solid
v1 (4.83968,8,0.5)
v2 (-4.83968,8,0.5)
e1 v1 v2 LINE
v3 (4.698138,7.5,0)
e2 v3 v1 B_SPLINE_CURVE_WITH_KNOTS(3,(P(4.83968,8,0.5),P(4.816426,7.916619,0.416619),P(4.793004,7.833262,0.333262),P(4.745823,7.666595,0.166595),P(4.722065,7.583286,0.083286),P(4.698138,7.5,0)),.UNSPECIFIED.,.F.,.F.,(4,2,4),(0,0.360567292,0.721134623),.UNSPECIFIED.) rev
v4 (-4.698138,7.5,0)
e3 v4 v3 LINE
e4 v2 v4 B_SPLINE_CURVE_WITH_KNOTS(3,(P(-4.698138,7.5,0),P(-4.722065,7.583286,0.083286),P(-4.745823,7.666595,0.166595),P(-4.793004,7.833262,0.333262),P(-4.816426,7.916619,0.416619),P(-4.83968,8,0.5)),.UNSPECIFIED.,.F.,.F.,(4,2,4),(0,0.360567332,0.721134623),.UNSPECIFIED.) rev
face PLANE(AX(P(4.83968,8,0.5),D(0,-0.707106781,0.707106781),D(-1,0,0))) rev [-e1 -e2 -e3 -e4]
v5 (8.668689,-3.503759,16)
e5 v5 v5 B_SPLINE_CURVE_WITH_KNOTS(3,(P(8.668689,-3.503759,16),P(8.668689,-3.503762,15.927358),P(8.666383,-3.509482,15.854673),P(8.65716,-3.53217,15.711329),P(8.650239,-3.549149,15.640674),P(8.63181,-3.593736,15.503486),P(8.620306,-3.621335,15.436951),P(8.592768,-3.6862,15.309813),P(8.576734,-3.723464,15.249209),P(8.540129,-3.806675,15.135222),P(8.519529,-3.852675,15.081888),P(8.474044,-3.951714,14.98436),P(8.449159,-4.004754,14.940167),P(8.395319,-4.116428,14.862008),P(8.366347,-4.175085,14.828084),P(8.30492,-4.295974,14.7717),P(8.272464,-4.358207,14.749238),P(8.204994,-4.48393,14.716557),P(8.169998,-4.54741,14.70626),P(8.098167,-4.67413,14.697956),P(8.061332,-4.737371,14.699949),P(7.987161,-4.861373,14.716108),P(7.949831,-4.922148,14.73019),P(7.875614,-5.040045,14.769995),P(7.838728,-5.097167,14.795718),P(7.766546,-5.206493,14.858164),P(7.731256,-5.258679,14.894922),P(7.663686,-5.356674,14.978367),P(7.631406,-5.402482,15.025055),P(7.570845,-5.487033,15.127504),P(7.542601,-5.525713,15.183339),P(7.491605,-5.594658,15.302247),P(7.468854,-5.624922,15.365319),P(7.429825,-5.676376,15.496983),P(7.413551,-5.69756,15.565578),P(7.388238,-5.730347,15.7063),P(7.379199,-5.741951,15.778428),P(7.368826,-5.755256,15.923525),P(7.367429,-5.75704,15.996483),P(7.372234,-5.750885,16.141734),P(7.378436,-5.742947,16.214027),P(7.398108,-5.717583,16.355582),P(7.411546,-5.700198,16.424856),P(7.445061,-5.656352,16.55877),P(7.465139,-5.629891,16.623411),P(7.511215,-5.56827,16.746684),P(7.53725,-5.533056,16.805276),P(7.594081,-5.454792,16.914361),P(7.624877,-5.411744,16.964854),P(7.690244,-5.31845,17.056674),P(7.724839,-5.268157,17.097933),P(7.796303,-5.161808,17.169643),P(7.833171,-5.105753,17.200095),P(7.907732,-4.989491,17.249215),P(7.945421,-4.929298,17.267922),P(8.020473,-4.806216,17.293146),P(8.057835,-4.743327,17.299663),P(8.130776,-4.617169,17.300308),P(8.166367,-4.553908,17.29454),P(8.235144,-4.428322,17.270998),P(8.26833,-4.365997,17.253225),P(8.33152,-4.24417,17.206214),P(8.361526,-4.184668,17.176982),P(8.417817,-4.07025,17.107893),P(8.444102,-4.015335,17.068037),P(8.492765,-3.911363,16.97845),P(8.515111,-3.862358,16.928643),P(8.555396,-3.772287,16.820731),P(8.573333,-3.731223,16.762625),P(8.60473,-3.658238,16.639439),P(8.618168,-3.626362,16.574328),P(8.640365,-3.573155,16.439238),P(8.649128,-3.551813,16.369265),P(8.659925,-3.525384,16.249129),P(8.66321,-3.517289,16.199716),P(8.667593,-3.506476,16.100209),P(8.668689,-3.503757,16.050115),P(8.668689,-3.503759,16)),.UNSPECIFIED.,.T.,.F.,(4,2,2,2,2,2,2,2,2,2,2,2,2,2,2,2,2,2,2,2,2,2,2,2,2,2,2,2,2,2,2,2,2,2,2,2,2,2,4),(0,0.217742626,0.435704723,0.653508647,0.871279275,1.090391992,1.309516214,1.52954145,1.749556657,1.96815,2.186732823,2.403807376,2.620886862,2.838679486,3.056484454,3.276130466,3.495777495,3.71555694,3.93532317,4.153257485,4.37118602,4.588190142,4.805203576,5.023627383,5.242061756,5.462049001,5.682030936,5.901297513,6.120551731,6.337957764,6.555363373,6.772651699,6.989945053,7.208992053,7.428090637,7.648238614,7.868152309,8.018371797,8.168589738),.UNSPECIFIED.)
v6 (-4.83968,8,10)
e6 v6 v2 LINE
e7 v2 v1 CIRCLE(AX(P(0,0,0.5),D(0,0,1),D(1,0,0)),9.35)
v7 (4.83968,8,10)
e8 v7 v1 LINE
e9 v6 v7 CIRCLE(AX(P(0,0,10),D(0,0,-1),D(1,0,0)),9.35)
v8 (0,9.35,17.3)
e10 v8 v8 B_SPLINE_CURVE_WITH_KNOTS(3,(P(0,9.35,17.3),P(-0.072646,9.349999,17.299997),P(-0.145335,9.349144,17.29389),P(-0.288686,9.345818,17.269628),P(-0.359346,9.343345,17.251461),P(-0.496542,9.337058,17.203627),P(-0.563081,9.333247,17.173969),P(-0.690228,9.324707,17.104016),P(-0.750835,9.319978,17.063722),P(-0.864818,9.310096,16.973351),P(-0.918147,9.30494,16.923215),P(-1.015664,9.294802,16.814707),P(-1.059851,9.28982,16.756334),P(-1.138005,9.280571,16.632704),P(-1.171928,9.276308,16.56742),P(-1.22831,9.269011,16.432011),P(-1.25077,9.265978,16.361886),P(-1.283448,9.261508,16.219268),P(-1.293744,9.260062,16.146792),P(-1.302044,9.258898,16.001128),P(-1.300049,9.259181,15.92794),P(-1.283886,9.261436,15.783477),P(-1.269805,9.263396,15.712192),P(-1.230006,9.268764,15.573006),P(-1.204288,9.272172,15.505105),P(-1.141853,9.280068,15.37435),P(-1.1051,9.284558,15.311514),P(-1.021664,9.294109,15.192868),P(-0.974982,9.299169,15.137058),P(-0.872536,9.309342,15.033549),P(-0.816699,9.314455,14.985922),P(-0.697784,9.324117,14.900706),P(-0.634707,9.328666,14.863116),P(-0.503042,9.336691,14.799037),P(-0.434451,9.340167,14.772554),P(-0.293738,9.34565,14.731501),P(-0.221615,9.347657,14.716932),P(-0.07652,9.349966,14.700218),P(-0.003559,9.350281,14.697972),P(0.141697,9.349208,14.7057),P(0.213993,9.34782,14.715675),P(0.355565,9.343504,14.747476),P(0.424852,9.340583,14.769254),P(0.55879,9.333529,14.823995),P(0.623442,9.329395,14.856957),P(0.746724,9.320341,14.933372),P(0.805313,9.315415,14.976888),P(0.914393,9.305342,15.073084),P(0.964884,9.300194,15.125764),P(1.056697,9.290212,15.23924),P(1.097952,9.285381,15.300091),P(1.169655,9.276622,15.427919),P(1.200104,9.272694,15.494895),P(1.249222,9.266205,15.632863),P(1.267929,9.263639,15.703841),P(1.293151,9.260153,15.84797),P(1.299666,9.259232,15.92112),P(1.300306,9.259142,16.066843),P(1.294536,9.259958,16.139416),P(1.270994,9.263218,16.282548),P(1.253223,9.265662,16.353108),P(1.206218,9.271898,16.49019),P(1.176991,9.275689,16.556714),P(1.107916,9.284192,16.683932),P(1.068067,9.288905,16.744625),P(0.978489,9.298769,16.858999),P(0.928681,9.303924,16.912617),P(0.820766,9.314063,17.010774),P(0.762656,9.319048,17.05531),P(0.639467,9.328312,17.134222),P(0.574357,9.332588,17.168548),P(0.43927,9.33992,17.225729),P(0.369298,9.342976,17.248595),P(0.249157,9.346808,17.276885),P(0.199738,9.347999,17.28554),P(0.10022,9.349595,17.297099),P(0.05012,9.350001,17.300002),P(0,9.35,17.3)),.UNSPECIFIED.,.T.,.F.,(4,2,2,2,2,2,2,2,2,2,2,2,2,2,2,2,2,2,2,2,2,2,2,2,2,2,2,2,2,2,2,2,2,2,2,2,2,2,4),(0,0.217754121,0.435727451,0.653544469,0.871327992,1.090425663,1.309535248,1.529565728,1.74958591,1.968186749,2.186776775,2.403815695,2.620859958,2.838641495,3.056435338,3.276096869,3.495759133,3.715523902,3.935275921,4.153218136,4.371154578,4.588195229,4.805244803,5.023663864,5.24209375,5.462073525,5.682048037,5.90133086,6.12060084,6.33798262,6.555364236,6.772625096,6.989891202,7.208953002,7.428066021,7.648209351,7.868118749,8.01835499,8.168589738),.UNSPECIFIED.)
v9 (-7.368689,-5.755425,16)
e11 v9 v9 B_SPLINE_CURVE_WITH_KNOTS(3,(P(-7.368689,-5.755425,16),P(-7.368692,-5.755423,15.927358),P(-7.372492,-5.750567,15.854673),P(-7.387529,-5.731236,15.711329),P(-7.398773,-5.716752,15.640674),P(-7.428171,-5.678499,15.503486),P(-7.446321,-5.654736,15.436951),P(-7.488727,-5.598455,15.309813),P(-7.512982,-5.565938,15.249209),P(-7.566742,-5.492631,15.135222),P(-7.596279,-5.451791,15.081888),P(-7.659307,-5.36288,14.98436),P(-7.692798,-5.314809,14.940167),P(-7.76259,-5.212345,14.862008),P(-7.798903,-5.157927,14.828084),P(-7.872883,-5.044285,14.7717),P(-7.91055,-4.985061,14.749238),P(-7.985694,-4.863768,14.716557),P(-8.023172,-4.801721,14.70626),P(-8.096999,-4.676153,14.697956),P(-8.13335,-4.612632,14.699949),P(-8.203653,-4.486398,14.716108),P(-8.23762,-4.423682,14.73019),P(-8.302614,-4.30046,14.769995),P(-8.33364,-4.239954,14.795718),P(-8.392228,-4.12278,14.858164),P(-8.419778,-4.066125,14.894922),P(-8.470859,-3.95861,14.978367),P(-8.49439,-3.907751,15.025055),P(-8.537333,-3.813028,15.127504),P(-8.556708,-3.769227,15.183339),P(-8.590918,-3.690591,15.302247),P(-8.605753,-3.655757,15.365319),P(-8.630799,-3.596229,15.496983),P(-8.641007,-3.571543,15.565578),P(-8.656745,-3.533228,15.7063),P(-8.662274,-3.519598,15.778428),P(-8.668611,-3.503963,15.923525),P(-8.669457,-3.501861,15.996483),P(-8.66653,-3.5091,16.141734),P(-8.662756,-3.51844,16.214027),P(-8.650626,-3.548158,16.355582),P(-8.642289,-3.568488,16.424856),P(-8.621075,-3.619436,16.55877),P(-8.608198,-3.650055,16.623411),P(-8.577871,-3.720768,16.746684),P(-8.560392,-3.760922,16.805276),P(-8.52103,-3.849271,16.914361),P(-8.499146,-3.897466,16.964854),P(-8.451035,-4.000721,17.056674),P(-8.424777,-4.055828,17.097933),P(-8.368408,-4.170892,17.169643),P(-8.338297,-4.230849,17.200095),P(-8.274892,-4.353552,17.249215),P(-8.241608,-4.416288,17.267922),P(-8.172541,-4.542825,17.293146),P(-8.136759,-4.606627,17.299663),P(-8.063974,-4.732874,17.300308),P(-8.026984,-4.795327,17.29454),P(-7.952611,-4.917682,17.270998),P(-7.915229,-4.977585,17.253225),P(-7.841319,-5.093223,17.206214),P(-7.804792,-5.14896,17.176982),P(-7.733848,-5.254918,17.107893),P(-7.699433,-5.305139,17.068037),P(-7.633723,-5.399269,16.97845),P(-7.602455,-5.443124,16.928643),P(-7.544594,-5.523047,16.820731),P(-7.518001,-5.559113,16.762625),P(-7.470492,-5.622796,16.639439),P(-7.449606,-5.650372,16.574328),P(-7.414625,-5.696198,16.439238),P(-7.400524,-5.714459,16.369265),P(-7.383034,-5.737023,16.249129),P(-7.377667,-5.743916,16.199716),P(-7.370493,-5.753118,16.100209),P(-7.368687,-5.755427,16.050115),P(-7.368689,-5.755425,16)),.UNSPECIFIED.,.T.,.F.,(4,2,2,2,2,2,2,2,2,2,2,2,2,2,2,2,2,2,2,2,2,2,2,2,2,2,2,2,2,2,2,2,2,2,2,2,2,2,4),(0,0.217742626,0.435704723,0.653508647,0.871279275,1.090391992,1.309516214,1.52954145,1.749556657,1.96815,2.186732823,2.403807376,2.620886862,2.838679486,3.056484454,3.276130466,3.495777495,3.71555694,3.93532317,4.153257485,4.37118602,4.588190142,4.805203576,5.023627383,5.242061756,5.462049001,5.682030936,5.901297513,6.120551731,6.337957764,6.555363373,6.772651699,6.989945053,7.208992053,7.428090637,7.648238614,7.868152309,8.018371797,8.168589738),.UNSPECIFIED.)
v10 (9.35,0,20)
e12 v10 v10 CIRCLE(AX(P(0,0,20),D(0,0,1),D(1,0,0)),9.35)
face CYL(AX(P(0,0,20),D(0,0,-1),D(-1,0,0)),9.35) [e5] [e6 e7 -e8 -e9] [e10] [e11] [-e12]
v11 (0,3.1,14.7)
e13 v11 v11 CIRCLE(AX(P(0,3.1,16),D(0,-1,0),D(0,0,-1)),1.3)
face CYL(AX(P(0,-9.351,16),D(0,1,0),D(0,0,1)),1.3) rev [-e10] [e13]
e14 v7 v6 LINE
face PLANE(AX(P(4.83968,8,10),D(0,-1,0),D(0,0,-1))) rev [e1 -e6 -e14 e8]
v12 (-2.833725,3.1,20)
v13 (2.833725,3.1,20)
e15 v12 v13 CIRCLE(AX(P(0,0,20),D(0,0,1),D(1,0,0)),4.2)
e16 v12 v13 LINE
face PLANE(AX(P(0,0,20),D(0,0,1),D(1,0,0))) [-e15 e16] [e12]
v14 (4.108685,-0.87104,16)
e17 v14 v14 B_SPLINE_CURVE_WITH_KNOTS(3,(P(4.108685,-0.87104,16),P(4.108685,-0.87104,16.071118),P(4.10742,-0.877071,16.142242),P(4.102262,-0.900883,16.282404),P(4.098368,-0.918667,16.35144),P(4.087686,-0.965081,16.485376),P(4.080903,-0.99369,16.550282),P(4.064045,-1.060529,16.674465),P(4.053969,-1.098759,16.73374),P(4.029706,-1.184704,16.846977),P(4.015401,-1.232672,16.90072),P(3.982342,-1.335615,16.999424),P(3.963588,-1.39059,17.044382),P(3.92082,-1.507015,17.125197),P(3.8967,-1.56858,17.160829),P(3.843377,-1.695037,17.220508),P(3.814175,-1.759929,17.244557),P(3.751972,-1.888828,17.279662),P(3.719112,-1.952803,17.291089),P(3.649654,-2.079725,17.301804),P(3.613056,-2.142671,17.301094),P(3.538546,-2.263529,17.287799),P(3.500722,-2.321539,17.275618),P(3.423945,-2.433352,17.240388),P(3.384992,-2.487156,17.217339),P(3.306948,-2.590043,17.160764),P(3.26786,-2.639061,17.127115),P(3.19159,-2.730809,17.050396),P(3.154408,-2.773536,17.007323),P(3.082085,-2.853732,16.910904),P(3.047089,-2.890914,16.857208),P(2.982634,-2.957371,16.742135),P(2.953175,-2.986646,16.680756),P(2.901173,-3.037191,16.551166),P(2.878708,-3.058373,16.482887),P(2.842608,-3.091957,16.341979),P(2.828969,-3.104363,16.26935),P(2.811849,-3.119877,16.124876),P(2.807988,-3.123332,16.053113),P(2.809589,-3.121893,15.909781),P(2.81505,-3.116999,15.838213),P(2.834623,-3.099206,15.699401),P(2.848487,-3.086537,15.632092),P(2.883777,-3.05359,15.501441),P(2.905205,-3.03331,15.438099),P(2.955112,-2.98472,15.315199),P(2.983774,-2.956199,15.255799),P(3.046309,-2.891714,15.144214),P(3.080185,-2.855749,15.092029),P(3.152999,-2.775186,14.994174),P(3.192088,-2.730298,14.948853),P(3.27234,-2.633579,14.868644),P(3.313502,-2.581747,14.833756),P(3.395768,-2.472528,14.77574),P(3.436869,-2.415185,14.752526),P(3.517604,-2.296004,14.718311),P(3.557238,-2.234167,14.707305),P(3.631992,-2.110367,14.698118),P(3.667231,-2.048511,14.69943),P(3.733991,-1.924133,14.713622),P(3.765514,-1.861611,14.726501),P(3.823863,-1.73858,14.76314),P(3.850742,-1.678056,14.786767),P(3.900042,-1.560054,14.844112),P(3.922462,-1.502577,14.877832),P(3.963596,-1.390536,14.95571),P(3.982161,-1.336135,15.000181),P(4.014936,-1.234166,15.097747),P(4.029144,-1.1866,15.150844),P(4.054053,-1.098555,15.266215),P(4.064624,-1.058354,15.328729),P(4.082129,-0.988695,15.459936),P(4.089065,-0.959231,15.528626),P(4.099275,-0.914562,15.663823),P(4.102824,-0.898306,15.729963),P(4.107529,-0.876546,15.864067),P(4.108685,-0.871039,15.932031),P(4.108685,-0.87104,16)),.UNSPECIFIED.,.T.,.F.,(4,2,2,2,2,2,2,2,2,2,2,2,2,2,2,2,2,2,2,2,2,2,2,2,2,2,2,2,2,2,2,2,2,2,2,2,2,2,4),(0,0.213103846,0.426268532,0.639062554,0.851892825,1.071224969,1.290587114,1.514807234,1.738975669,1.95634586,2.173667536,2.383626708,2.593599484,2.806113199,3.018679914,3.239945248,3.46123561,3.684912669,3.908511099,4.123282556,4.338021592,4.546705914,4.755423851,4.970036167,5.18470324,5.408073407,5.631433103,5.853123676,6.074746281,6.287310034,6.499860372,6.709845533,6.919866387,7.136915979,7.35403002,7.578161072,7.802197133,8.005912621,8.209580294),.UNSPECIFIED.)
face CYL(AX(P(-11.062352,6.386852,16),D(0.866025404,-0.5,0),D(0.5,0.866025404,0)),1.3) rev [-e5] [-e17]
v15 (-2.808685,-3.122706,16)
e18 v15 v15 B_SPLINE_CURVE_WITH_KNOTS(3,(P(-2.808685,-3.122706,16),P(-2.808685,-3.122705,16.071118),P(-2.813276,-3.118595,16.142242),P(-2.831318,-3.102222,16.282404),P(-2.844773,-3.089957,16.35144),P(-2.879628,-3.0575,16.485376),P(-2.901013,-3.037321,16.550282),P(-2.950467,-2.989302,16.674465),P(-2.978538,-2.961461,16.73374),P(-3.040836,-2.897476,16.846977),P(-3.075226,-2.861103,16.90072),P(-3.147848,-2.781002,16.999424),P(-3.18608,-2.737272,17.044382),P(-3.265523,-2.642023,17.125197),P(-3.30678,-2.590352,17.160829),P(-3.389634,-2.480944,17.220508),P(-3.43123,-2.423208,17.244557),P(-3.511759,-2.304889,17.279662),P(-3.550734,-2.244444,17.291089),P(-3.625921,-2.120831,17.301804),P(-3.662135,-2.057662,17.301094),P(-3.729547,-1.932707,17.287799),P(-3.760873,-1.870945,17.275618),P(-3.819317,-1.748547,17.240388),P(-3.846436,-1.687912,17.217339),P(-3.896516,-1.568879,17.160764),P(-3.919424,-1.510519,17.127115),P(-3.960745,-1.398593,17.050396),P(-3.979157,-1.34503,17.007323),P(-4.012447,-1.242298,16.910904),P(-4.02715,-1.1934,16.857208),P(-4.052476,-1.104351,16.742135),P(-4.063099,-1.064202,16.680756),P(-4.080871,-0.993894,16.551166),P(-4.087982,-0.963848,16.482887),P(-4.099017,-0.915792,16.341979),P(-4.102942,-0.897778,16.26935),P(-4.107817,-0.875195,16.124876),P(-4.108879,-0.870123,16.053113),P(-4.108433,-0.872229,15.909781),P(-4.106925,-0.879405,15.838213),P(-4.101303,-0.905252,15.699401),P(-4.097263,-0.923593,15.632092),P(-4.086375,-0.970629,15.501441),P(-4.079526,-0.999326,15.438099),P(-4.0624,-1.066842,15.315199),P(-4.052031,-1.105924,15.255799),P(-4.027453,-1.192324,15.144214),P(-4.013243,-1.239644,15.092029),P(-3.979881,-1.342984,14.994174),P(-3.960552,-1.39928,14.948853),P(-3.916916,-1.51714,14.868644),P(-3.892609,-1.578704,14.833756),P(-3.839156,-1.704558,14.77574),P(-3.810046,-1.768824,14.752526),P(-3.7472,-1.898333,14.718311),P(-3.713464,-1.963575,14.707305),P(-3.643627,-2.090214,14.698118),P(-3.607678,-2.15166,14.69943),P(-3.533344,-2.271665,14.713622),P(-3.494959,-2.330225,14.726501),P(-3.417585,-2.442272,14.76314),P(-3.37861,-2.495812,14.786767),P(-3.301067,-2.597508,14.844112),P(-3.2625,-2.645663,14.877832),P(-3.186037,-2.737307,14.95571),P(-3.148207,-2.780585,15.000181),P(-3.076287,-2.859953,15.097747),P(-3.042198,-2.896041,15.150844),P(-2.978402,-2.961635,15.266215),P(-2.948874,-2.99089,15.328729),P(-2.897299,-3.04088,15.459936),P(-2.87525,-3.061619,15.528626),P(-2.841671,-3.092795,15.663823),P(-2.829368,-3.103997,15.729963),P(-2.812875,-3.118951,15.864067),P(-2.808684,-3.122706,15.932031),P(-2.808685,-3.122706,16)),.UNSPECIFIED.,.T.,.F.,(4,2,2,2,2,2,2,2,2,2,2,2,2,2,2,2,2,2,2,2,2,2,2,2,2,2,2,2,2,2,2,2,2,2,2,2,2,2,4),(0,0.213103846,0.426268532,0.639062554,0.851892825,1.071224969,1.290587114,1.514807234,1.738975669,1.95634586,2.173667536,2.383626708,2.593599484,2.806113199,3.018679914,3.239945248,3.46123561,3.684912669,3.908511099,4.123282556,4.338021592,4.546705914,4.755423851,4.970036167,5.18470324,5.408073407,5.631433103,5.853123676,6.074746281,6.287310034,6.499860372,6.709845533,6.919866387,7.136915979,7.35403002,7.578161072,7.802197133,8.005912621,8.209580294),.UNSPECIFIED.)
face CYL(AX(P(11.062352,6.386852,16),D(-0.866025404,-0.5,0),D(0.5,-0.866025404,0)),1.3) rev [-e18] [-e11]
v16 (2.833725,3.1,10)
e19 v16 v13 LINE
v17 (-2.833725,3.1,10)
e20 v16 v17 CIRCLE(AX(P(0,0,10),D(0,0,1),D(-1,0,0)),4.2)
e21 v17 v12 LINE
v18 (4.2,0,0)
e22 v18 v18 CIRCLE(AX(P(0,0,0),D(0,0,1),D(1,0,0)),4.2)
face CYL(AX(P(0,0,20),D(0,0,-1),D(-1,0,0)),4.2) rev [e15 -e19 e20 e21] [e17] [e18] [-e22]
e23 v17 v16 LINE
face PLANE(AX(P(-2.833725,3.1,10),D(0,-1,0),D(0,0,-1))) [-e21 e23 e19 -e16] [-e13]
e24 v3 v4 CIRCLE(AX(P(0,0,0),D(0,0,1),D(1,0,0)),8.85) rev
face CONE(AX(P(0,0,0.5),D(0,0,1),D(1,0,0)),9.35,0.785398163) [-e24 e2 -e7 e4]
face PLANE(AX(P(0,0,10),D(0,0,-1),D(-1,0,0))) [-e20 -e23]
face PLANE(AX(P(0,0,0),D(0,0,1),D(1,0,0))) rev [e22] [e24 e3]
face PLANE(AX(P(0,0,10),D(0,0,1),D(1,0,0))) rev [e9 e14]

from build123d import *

# Parameters (mm, degrees)
SKETCH_2_R               = 9.35
SKETCH_2_R_2             = 4.2
EXTRUDE_1_DEPTH          = 20
EXTRUDE_START            = -10
EXTRUDE_2_DEPTH          = 10
CUT_EXTRUDE_1_REACH      = 30.933
SKETCH_3_R               = 1.3
PATTERN_CIRCULAR_1_COUNT = 3
CUT_EXTRUDE_2_DEPTH      = 10
CHAMFER_1_SIZE           = 0.5


with BuildPart() as part:
    # Эскиз2 → Бобышка-Вытянуть1 (new body)
    with BuildSketch(Plane.XY):
        Circle(SKETCH_2_R)
        Circle(SKETCH_2_R_2, mode=Mode.SUBTRACT)
    extrude(amount=EXTRUDE_1_DEPTH)

    # Эскиз4 → Бобышка-Вытянуть2 (add)
    with BuildSketch(Plane.XY.offset(20).offset(EXTRUDE_START)):
        with BuildLine():
            Line((-2.833725463, 3.1), (2.833725463, 3.1))
            ThreePointArc((2.833725463, 3.1), (0, 4.2), (-2.833725463, 3.1))
        make_face()
    extrude(amount=EXTRUDE_2_DEPTH)

    # Эскиз3 → Вырез-Вытянуть1 (cut, up to next)
    with BuildSketch(Plane(origin=(0, 9.35, 0), x_dir=(1, 0, 0), z_dir=(0, 1, 0)), mode=Mode.PRIVATE) as cut_extrude_1_sk1:
        with Locations(Location((0, -16, 0), (0, 0, 270))):
            Circle(SKETCH_3_R)
    cut_extrude_1_tool1 = extrude(cut_extrude_1_sk1.sketch, amount=-CUT_EXTRUDE_1_REACH, mode=Mode.PRIVATE) & part.part
    cut_extrude_1 = cut_extrude_1_tool1.solids().sort_by_distance((0, 9.35, 16))[0]
    add(cut_extrude_1, mode=Mode.SUBTRACT)

    # Круговой массив1: Вырез-Вытянуть1 ×3 about axis
    pattern_circular_1_axis = Axis((0, 0, 20), (0, 0, -1))
    for i in range(1, PATTERN_CIRCULAR_1_COUNT):
        add(cut_extrude_1.rotate(pattern_circular_1_axis, i * 360 / PATTERN_CIRCULAR_1_COUNT), mode=Mode.SUBTRACT)

    # Эскиз5 → Вырез-Вытянуть2 (cut)
    with BuildSketch(Plane(origin=(0, 0, 0), x_dir=(-1, 0, 0), z_dir=(0, 0, -1))):
        with BuildLine():
            Line((-4.839679741, 8), (4.839679741, 8))
            ThreePointArc((4.839679741, 8), (0, 9.35), (-4.839679741, 8))
        make_face()
    extrude(amount=-CUT_EXTRUDE_2_DEPTH, mode=Mode.SUBTRACT)

    # Фаска1
    chamfer_1_edges = [part.edges().sort_by_distance(p)[0] for p in [
        (-4.591921951, -8.144737736, 0),
        (0, 8, 0),
    ]]
    chamfer(chamfer_1_edges, length=CHAMFER_1_SIZE)


solid = part.part
